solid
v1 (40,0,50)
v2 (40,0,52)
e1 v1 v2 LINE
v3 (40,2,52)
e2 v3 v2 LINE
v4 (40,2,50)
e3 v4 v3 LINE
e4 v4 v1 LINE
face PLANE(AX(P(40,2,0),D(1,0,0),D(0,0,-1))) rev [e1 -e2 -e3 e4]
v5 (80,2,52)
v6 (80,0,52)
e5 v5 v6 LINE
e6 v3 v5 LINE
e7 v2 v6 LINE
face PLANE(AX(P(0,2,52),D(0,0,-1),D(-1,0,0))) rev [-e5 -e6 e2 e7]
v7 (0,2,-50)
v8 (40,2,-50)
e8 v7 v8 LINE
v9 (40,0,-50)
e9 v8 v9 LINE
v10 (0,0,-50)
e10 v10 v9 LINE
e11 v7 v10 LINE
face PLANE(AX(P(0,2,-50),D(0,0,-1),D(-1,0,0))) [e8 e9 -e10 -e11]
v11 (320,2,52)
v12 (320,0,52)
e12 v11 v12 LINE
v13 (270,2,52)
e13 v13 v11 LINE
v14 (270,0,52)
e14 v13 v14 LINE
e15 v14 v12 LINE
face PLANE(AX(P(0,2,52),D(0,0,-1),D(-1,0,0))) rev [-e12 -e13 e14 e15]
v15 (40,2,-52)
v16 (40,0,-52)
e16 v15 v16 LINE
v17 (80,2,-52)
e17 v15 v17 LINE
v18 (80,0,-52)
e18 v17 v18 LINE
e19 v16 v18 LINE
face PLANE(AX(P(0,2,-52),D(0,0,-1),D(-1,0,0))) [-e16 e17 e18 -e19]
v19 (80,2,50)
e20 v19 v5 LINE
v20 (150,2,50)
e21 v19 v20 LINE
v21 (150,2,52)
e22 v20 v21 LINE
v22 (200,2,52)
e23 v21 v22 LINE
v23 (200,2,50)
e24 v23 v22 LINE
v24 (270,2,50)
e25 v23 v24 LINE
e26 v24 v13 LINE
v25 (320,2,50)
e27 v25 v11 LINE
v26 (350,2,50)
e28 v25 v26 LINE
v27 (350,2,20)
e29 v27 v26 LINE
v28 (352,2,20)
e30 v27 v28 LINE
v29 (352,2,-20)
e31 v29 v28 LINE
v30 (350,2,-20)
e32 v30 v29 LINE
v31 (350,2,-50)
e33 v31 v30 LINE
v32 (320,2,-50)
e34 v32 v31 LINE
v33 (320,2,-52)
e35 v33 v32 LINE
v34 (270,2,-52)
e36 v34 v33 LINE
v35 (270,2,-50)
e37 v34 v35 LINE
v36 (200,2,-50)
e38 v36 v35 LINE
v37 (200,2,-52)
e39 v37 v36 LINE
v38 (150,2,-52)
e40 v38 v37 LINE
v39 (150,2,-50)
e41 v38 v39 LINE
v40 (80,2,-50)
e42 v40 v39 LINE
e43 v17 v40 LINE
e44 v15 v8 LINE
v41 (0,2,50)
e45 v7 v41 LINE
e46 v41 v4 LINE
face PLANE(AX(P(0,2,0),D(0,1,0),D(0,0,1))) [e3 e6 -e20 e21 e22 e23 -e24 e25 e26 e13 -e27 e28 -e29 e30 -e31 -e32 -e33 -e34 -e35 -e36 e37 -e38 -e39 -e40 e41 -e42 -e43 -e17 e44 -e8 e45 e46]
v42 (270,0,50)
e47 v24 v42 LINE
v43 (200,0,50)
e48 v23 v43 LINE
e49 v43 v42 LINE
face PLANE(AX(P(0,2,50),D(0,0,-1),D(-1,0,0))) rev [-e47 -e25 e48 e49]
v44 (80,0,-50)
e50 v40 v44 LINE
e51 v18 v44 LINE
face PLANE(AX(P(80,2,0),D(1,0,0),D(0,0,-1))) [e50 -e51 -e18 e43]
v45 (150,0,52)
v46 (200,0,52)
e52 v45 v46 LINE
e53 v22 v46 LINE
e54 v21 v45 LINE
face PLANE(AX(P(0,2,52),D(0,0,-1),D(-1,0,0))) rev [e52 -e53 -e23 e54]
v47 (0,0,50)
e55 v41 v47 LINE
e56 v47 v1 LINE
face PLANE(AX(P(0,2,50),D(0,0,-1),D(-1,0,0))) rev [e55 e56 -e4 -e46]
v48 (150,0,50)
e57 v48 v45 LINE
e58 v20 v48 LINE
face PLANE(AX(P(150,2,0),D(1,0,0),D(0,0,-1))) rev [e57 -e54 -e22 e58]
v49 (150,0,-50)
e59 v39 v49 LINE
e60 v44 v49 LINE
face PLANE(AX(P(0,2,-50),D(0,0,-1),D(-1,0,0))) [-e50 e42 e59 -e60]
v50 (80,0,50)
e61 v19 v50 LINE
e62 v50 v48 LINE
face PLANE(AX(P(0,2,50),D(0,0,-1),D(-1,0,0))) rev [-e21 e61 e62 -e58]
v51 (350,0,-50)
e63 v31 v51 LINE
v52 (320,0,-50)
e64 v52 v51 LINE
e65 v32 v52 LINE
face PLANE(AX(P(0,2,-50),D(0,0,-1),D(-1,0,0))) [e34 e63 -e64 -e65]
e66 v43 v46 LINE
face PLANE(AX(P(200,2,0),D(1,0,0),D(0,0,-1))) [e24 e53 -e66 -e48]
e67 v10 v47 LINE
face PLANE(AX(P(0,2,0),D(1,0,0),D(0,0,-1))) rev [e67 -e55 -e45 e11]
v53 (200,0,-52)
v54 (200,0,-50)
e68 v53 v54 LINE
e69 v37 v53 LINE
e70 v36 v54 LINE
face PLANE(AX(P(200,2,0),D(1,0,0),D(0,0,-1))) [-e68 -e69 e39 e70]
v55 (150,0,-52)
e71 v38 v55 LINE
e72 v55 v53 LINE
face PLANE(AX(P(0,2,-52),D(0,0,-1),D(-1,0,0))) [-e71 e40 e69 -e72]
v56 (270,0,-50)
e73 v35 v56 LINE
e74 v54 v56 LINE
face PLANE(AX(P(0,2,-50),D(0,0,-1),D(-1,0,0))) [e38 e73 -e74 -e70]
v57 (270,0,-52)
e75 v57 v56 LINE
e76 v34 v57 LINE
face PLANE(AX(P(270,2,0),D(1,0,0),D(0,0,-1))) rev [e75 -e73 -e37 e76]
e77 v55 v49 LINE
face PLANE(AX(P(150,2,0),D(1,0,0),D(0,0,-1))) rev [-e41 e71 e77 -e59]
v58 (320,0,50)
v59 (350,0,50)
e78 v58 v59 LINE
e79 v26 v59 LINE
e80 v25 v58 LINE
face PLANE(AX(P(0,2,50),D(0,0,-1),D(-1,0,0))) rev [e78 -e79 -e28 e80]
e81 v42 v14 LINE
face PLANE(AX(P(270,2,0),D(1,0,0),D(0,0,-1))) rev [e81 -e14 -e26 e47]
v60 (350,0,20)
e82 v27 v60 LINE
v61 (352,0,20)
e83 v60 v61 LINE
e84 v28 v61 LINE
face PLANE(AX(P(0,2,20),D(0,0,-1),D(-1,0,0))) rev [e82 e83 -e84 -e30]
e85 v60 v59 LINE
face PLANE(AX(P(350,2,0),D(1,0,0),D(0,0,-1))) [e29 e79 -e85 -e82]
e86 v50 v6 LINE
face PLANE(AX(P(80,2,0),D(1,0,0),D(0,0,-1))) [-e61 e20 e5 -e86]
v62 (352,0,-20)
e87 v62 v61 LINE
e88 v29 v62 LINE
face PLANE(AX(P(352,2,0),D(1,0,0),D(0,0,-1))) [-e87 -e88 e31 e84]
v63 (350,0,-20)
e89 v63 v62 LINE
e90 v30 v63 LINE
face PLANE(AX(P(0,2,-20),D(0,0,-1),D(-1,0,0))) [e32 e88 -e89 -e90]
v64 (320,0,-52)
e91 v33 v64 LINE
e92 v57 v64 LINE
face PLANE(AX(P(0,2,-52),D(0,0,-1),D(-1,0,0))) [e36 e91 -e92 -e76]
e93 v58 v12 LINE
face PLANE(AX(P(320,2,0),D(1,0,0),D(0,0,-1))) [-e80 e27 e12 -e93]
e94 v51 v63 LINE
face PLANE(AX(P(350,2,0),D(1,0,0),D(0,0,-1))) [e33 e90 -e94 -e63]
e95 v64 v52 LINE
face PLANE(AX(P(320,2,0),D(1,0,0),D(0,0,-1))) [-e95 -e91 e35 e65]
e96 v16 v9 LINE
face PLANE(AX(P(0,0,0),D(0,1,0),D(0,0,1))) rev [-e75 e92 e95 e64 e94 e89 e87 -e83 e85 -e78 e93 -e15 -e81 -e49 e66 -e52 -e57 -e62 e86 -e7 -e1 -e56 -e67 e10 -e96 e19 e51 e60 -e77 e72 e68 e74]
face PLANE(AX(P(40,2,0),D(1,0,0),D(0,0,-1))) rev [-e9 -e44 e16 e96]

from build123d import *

# Parameters (mm, degrees)
SKETCH_1_W      = 40
SKETCH_1_H      = 2
SKETCH_1_W_2    = 50
SKETCH_1_W_3    = 350
SKETCH_1_H_2    = 100
EXTRUDE_1_DEPTH = 2
SKETCH_2_W      = 2
SKETCH_2_H      = 40
EXTRUDE_2_DEPTH = 2


with BuildPart() as part:
    # 草图1 → 凸台-拉伸1 (new body)
    with BuildSketch(Plane(origin=(0, 0, 0), x_dir=(1, 0, 0), z_dir=(0, 1, 0))):
        with Locations((60, 51)):
            Rectangle(SKETCH_1_W, SKETCH_1_H)
        with Locations((60, -51)):
            Rectangle(SKETCH_1_W, SKETCH_1_H)
        with Locations((175, 51)):
            Rectangle(SKETCH_1_W_2, SKETCH_1_H)
        with Locations((175, -51)):
            Rectangle(SKETCH_1_W_2, SKETCH_1_H)
        with Locations((295, 51)):
            Rectangle(SKETCH_1_W_2, SKETCH_1_H)
        with Locations((295, -51)):
            Rectangle(SKETCH_1_W_2, SKETCH_1_H)
        with Locations((175, 0)):
            Rectangle(SKETCH_1_W_3, SKETCH_1_H_2)
    extrude(amount=EXTRUDE_1_DEPTH)

    # 草图2 → 凸台-拉伸2 (add)
    with BuildSketch(Plane(origin=(0, 0, 0), x_dir=(1, 0, 0), z_dir=(0, 1, 0))):
        with Locations((351, 0)):
            Rectangle(SKETCH_2_W, SKETCH_2_H)
    extrude(amount=EXTRUDE_2_DEPTH)


solid = part.part
